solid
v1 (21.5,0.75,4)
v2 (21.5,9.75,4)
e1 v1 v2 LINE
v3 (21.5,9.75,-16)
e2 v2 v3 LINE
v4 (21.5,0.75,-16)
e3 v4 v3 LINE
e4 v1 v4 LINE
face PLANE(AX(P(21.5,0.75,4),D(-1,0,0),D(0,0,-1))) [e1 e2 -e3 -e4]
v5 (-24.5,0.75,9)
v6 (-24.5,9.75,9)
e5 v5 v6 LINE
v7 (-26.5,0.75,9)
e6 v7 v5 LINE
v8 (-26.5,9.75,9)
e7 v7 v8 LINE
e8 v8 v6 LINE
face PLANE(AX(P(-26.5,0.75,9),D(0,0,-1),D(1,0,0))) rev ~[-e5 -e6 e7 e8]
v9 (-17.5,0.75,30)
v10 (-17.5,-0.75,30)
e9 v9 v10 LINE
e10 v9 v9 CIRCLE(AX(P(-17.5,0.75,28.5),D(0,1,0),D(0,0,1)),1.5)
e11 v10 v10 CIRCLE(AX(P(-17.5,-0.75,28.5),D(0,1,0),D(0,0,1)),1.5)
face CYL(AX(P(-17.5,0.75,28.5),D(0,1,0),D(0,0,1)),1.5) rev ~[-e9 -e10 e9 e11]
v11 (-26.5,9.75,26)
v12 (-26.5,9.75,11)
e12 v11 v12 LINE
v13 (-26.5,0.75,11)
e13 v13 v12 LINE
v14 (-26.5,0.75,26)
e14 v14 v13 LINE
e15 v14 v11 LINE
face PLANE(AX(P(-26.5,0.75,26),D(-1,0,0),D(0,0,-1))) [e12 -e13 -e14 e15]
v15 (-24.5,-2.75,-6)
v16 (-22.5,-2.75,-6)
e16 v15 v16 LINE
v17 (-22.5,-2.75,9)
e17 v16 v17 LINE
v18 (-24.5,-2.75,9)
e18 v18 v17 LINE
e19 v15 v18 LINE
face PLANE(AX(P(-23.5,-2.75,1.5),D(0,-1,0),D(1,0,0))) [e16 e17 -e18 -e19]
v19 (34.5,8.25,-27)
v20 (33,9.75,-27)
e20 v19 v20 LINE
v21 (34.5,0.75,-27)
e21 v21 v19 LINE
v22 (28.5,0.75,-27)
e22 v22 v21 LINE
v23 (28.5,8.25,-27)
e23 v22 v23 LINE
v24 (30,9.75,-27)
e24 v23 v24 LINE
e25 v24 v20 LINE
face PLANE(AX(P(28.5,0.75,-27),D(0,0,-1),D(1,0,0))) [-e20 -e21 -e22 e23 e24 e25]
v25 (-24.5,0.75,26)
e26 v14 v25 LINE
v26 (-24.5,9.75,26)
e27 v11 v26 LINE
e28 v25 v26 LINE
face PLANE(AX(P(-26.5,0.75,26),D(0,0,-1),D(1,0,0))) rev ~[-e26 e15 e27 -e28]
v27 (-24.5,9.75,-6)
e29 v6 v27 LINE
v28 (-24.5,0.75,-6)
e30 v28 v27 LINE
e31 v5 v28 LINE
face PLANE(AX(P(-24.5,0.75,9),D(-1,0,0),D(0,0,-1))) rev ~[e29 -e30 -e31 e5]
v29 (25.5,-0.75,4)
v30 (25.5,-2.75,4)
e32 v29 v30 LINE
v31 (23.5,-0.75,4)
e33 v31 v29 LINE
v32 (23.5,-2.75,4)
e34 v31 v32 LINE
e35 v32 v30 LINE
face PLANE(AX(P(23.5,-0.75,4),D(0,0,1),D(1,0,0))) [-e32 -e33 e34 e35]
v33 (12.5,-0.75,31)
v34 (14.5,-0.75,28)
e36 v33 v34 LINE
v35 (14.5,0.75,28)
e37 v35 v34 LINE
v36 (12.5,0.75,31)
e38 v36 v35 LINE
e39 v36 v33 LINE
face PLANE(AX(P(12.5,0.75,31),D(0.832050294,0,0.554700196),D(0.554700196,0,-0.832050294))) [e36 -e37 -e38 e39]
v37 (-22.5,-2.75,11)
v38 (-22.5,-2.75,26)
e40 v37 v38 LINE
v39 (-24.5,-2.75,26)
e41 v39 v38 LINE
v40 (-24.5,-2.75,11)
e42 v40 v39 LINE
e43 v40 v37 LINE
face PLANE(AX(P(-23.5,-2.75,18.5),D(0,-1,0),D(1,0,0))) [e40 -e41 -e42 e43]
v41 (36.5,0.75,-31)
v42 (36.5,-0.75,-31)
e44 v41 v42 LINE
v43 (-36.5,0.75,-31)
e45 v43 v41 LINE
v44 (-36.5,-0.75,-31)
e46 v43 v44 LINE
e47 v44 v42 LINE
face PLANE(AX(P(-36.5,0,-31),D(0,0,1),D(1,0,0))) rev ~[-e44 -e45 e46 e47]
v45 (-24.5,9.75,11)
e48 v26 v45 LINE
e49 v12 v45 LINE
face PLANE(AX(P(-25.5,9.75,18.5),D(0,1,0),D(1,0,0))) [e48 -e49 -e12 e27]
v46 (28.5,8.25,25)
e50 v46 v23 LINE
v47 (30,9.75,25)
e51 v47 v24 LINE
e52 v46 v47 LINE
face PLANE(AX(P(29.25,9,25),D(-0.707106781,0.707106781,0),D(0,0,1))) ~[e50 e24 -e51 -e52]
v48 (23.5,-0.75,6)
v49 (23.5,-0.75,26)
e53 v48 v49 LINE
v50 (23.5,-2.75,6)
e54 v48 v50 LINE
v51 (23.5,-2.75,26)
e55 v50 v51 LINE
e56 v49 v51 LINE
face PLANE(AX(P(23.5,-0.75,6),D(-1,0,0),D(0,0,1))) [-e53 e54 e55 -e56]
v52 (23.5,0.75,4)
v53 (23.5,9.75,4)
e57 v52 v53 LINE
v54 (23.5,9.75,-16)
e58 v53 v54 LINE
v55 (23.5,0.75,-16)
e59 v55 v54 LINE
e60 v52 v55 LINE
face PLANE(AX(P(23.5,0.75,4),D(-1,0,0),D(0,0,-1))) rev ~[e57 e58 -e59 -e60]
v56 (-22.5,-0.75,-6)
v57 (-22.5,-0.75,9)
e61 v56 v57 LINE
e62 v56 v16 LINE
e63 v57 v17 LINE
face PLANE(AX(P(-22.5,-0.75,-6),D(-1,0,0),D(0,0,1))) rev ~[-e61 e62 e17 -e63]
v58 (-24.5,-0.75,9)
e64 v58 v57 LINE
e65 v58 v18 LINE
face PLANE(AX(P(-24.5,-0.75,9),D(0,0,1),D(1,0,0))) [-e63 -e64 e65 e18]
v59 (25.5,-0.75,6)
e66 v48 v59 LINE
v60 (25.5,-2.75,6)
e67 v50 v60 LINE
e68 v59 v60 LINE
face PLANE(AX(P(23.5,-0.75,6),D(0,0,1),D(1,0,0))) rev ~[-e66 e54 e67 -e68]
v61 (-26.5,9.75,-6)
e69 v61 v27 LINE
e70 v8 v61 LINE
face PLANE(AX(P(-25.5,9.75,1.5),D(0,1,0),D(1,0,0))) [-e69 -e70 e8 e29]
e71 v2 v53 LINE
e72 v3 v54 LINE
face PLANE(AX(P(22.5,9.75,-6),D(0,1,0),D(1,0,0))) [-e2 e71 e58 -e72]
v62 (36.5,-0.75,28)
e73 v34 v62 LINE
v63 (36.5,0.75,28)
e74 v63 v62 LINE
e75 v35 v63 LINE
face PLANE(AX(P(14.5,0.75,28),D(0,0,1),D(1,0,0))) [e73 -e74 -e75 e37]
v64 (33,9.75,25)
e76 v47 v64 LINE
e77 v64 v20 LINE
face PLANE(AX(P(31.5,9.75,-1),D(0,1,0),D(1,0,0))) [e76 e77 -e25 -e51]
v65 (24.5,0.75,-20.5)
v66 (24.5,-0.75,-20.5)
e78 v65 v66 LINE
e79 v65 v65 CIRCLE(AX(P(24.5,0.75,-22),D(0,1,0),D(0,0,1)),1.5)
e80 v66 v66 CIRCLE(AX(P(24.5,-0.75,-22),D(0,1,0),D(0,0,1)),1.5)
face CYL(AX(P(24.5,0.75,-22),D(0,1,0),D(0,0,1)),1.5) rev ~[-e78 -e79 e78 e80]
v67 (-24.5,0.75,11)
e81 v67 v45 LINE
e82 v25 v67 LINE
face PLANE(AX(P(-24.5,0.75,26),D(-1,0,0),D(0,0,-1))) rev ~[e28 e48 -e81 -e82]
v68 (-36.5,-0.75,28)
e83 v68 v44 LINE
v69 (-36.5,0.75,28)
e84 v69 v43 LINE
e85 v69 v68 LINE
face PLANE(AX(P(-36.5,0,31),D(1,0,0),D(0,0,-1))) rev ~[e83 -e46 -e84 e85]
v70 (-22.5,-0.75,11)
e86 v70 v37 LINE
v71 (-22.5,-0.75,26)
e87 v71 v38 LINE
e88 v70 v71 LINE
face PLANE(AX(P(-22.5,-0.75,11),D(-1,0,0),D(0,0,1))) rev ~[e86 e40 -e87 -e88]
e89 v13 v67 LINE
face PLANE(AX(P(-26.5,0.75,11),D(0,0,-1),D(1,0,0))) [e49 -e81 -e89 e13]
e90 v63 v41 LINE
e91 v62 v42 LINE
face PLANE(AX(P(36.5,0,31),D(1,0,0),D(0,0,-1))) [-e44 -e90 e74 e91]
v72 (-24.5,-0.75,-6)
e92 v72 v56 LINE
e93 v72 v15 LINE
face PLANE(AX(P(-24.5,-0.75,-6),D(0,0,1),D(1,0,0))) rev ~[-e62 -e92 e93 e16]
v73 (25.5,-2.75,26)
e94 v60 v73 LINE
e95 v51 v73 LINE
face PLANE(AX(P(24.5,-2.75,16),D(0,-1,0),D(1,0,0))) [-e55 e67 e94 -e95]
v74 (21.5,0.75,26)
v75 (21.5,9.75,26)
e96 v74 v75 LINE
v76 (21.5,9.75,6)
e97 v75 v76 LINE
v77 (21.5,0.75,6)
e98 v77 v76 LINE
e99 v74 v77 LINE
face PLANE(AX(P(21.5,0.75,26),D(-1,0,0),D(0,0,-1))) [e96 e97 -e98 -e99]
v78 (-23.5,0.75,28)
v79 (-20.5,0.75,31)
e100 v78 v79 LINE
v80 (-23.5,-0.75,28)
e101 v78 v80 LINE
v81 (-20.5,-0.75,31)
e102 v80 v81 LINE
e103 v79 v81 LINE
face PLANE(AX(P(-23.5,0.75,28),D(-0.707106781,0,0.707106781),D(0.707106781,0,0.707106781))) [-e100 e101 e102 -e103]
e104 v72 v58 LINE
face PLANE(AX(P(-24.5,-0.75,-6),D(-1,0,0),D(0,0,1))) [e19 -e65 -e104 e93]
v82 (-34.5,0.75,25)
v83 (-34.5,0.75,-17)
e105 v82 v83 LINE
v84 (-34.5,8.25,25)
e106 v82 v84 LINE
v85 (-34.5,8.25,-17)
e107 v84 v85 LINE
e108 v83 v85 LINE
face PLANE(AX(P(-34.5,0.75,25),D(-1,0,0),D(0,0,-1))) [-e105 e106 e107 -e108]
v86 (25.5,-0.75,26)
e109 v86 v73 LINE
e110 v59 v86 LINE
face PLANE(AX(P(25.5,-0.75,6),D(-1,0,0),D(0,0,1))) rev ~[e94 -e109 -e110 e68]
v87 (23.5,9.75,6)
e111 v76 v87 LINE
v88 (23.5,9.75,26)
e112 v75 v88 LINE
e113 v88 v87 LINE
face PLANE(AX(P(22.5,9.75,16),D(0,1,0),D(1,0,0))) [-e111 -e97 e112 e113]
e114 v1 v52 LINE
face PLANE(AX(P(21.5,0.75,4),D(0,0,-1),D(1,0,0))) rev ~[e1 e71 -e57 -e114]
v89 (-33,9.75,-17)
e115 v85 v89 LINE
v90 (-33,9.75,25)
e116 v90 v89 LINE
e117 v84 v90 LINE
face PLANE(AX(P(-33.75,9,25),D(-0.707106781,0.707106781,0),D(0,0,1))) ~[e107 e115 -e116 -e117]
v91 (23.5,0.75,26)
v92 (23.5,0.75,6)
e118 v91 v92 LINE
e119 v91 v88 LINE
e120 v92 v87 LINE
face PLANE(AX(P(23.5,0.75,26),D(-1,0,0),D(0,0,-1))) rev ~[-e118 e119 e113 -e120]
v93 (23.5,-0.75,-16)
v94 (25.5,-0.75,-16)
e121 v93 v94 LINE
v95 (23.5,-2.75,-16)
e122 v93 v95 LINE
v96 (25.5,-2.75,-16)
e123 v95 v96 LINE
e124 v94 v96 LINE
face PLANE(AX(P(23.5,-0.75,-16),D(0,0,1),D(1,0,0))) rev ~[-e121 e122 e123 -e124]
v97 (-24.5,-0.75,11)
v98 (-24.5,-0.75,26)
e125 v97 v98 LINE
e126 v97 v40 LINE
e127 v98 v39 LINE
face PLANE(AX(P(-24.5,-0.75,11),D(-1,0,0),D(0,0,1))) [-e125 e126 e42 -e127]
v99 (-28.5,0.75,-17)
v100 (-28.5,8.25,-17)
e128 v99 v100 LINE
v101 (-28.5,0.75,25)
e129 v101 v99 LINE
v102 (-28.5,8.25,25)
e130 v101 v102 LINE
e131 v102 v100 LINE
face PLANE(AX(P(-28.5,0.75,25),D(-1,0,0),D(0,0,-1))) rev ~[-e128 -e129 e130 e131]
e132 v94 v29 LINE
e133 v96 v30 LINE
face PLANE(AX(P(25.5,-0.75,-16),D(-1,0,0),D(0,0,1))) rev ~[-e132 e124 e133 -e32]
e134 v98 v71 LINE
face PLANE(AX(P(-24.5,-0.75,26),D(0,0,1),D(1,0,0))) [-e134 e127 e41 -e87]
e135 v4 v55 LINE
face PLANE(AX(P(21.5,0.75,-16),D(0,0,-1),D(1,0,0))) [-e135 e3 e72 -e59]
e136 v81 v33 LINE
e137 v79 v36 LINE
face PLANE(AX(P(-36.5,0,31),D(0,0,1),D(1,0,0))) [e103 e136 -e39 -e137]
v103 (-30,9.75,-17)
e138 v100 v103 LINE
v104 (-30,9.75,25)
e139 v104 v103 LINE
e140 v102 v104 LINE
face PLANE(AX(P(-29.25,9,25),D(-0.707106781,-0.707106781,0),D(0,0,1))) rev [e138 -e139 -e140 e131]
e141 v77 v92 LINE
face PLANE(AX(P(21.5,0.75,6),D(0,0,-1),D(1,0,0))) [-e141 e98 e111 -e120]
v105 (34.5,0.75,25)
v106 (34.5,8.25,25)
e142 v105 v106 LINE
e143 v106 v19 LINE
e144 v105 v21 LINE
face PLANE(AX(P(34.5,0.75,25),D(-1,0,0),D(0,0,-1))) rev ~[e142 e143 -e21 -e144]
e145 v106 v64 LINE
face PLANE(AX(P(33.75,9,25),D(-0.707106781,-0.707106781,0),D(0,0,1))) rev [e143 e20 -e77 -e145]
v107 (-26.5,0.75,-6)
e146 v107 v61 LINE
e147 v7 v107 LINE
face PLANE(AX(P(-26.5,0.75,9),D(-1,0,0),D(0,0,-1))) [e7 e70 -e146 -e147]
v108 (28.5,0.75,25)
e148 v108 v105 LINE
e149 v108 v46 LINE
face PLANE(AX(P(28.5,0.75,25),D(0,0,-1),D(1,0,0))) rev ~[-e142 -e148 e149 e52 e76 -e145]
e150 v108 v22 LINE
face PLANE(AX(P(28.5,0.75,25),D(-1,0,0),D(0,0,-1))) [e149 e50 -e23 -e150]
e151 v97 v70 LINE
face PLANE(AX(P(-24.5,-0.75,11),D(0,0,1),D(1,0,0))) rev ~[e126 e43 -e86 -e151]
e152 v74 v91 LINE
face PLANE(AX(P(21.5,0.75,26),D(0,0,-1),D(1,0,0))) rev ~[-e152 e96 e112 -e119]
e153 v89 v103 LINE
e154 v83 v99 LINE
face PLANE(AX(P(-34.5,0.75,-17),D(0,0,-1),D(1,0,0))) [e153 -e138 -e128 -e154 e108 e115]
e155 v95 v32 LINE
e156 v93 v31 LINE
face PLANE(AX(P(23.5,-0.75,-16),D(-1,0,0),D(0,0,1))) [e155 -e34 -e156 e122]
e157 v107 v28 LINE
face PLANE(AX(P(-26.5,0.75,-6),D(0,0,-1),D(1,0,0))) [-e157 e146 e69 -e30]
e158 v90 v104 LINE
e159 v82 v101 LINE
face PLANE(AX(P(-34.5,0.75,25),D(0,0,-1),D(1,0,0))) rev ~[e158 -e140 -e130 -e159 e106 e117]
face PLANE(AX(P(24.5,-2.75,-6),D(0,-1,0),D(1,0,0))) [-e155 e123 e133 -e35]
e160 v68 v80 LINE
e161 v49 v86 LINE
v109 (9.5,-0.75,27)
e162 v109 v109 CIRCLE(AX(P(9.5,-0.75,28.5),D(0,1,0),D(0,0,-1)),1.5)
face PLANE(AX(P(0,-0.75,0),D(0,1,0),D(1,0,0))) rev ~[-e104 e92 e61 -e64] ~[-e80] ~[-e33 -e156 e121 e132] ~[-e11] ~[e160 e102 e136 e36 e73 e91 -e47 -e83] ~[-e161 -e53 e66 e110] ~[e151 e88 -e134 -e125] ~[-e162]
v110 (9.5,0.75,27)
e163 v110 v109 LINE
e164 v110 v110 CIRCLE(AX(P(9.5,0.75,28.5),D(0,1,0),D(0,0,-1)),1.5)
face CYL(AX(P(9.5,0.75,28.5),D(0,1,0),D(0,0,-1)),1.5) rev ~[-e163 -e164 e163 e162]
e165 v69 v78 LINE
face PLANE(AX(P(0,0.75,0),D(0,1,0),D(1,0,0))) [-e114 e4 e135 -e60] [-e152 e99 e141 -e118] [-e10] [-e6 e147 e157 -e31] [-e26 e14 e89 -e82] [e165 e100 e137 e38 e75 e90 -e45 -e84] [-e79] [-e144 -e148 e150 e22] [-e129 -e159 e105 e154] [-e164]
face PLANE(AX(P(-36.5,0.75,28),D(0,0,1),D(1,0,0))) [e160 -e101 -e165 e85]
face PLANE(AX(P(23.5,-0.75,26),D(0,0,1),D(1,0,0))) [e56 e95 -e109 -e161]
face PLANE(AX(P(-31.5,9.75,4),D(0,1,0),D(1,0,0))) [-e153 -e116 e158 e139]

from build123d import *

# Parameters (mm, degrees)
SKETCH1_W           = 73
SKETCH1_H           = 62
BOSS_EXTRUDE1_DEPTH = 0.75
CUT_EXTRUDE1_DEPTH  = 2
SKETCH3_R           = 1.5
CUT_EXTRUDE2_DEPTH  = 2
SKETCH4_W           = 6
SKETCH4_H           = 42
SKETCH4_H_2         = 52
SKETCH4_W_2         = 2
SKETCH4_H_3         = 15
SKETCH4_H_4         = 20
BOSS_EXTRUDE2_DEPTH = 9
CHAMFER1_SIZE       = 1.5
SKETCH5_W           = 2
SKETCH5_H           = 15
BOSS_EXTRUDE3_DEPTH = 2
SKETCH6_W           = 2
SKETCH6_H           = 20
BOSS_EXTRUDE4_DEPTH = 2


with BuildPart() as part:
    # Sketch1 → Boss-Extrude1 (new, symmetric)
    with BuildSketch(Plane(origin=(0, 0, 0), x_dir=(1, 0, 0), z_dir=(0, 1, 0))):
        Rectangle(SKETCH1_W, SKETCH1_H)
    extrude(amount=BOSS_EXTRUDE1_DEPTH, both=True)

    # Sketch2 → Cut-Extrude1 (cut)
    with BuildSketch(Plane(origin=(0, 0.75, 0), x_dir=(1, 0, 0), z_dir=(0, 1, 0))):
        Polygon((-36.5, -31), (-36.5, -28), (-23.5, -28), (-20.5, -31), align=None)
        Polygon((36.5, -31), (12.5, -31), (14.5, -28), (36.5, -28), align=None)
    extrude(amount=-CUT_EXTRUDE1_DEPTH, mode=Mode.SUBTRACT)

    # Sketch3 → Cut-Extrude2 (cut)
    with BuildSketch(Plane(origin=(0, 0.75, 0), x_dir=(1, 0, 0), z_dir=(0, 1, 0))):
        with Locations(Location((-17.5, -28.5, 0), (0, 0, 270))):
            Circle(SKETCH3_R)
        with Locations(Location((9.5, -28.5, 0), (0, 0, 90))):
            Circle(SKETCH3_R)
        with Locations(Location((24.5, 22, 0), (0, 0, 270))):
            Circle(SKETCH3_R)
    extrude(amount=-CUT_EXTRUDE2_DEPTH, mode=Mode.SUBTRACT)

    # Sketch4 → Boss-Extrude2 (add)
    with BuildSketch(Plane(origin=(0, 0.75, 0), x_dir=(1, 0, 0), z_dir=(0, 1, 0))):
        with Locations((-31.5, -4)):
            Rectangle(SKETCH4_W, SKETCH4_H)
        with Locations((31.5, 1)):
            Rectangle(SKETCH4_W, SKETCH4_H_2)
        with Locations((-25.5, -1.5)):
            Rectangle(SKETCH4_W_2, SKETCH4_H_3)
        with Locations((-25.5, -18.5)):
            Rectangle(SKETCH4_W_2, SKETCH4_H_3)
        with Locations((22.5, 6)):
            Rectangle(SKETCH4_W_2, SKETCH4_H_4)
        with Locations((22.5, -16)):
            Rectangle(SKETCH4_W_2, SKETCH4_H_4)
    extrude(amount=BOSS_EXTRUDE2_DEPTH)

    # Chamfer1
    chamfer1_edges = [part.edges().sort_by_distance(p)[0] for p in [
        (-34.5, 9.75, 4),
        (-28.5, 9.75, 4),
        (34.5, 9.75, -1),
        (28.5, 9.75, -1),
    ]]
    chamfer(chamfer1_edges, length=CHAMFER1_SIZE)

    # Sketch5 → Boss-Extrude3 (add)
    with BuildSketch(Plane.XZ.offset(0.75)):
        with Locations((-23.5, 18.5)):
            Rectangle(SKETCH5_W, SKETCH5_H)
        with Locations((-23.5, 1.5)):
            Rectangle(SKETCH5_W, SKETCH5_H)
    extrude(amount=BOSS_EXTRUDE3_DEPTH)

    # Sketch6 → Boss-Extrude4 (add)
    with BuildSketch(Plane.XZ.offset(0.75)):
        with Locations((24.5, 16)):
            Rectangle(SKETCH6_W, SKETCH6_H)
        with Locations((24.5, -6)):
            Rectangle(SKETCH6_W, SKETCH6_H)
    extrude(amount=BOSS_EXTRUDE4_DEPTH)


solid = part.part
